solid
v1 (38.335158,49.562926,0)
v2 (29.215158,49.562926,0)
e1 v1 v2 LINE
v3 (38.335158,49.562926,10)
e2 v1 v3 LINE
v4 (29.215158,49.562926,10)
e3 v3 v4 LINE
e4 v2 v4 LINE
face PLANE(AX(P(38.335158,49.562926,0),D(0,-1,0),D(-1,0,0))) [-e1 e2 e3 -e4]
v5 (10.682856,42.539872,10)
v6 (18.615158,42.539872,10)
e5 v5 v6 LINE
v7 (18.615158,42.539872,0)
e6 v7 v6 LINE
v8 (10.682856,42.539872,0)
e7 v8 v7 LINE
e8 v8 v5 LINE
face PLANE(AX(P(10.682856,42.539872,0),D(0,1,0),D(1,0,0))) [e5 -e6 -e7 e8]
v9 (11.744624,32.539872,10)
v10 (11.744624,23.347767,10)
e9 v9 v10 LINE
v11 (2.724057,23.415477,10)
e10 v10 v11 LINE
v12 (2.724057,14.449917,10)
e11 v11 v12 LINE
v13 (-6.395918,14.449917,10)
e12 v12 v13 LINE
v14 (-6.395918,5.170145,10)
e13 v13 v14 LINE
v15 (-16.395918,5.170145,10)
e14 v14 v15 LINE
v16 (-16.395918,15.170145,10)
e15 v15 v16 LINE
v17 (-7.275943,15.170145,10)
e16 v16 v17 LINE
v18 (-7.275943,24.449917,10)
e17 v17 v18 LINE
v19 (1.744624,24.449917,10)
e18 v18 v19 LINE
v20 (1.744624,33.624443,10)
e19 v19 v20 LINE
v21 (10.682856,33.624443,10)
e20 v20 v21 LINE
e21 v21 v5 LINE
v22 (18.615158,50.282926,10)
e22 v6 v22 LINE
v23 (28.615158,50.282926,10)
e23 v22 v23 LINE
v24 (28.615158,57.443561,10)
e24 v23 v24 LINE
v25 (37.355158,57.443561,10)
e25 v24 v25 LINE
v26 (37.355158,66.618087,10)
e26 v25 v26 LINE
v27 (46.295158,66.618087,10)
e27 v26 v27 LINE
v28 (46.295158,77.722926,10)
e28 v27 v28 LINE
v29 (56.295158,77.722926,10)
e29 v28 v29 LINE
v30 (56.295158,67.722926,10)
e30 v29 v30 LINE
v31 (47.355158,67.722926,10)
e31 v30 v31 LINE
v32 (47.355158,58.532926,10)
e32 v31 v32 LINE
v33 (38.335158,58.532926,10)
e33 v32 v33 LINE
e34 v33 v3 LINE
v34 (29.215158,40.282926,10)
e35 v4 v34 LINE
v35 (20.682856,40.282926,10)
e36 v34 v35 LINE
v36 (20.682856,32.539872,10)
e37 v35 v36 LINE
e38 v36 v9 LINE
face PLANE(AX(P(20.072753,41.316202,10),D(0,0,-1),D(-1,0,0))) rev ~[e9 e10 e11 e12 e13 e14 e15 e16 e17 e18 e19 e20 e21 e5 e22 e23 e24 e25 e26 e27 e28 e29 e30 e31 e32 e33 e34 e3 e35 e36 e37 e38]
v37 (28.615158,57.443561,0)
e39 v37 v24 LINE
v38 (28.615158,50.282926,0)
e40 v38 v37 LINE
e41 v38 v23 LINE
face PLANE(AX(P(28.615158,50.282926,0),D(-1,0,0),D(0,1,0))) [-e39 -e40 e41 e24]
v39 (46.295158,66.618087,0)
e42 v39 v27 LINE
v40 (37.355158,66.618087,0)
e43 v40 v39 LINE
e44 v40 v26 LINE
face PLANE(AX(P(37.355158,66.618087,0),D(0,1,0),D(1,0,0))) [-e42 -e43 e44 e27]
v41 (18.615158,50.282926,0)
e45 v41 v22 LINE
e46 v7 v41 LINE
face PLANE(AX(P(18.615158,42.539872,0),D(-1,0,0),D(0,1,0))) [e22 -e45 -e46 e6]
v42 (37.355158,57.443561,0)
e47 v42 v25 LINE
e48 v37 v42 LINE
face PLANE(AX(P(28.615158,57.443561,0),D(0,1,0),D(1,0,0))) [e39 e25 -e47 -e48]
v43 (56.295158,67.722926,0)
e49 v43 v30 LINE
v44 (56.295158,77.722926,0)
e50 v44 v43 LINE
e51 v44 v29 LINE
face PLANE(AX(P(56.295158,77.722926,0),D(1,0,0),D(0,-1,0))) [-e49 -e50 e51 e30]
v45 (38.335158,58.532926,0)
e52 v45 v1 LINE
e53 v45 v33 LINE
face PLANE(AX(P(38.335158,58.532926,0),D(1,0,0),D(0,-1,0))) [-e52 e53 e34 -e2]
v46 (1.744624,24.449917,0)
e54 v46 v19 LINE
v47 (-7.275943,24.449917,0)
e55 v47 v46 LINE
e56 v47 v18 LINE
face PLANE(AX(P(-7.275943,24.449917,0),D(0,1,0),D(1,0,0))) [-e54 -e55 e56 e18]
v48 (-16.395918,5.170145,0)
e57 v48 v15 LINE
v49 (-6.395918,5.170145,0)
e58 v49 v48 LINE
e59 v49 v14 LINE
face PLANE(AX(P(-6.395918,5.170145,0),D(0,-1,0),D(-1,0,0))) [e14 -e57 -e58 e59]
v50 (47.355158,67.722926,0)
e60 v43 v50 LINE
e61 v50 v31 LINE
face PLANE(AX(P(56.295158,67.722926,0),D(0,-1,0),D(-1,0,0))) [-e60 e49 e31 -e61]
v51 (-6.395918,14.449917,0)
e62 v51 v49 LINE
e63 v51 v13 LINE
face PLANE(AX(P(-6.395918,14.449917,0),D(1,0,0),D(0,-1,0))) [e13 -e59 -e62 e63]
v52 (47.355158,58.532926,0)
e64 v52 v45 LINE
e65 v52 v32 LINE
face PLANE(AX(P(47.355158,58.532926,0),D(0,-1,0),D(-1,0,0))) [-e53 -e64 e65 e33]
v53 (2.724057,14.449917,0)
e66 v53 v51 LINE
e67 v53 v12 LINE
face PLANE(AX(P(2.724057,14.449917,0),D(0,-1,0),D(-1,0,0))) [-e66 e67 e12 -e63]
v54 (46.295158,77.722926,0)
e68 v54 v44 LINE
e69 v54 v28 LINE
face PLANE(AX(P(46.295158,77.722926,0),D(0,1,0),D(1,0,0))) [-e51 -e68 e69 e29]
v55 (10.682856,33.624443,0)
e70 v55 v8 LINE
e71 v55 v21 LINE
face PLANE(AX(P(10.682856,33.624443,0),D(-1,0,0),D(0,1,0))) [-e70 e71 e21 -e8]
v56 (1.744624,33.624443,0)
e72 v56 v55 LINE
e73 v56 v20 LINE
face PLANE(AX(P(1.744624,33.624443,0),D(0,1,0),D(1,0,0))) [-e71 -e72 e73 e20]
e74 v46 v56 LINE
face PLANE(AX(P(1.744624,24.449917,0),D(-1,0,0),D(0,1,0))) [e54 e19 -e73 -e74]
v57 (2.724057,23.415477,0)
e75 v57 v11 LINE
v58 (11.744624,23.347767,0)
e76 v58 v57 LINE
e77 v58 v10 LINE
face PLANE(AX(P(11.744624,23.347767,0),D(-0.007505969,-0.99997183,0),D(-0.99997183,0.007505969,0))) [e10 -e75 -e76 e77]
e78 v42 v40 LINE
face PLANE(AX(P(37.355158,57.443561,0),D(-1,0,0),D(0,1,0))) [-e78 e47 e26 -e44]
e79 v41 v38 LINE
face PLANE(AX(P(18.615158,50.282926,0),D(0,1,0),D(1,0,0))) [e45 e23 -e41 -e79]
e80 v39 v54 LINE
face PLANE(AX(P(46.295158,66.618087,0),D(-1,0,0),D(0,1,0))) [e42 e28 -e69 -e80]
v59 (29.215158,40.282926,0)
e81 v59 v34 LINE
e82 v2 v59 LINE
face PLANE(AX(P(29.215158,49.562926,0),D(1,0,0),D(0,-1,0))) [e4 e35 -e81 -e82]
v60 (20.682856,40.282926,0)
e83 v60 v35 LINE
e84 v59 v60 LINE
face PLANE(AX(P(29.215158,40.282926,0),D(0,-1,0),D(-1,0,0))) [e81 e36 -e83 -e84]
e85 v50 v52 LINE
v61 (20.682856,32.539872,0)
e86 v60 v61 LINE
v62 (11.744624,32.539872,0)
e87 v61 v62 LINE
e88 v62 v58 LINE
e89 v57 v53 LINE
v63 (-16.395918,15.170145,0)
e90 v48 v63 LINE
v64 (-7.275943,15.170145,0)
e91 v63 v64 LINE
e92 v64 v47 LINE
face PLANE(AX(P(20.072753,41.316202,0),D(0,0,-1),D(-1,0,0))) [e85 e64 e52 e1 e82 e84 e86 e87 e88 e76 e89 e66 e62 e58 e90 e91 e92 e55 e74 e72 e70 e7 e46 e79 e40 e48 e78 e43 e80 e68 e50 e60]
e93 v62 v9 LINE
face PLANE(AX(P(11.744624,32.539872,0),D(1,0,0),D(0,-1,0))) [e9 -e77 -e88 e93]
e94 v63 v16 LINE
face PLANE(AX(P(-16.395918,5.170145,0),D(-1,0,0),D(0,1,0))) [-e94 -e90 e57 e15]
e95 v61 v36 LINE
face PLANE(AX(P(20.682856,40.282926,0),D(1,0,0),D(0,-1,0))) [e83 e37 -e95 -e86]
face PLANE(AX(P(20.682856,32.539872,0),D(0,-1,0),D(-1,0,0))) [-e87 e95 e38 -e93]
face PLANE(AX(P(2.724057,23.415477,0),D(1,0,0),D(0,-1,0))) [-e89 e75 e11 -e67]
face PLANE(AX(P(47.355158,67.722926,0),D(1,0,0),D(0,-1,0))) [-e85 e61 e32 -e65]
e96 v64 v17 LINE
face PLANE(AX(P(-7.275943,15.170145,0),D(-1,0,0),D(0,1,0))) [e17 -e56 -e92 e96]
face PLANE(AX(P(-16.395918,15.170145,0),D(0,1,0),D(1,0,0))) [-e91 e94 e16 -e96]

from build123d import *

# Parameters (mm, degrees)
PAD_DEPTH = 10


with BuildPart() as part:
    # Sketch → Pad (new body)
    with BuildSketch(Plane.XY):
        Polygon((-16.395918, 15.170145), (-7.275943, 15.170145), (-7.275943, 24.449917), (1.744624, 24.449917), (1.744624, 33.624443), (10.682856, 33.624443), (10.682856, 42.539872), (18.615158, 42.539872), (18.615158, 50.282926), (28.615158, 50.282926), (28.615158, 57.443561), (37.355158, 57.443561), (37.355158, 66.618087), (46.295158, 66.618087), (46.295158, 77.722926), (56.295158, 77.722926), (56.295158, 67.722926), (47.355158, 67.722926), (47.355158, 58.532926), (38.335158, 58.532926), (38.335158, 49.562926), (29.215158, 49.562926), (29.215158, 40.282926), (20.682856, 40.282926), (20.682856, 32.539872), (11.744624, 32.539872), (11.744624, 23.347767), (2.724057, 23.415477), (2.724057, 14.449917), (-6.395918, 14.449917), (-6.395918, 5.170145), (-16.395918, 5.170145), align=None)
    extrude(amount=PAD_DEPTH)


solid = part.part
